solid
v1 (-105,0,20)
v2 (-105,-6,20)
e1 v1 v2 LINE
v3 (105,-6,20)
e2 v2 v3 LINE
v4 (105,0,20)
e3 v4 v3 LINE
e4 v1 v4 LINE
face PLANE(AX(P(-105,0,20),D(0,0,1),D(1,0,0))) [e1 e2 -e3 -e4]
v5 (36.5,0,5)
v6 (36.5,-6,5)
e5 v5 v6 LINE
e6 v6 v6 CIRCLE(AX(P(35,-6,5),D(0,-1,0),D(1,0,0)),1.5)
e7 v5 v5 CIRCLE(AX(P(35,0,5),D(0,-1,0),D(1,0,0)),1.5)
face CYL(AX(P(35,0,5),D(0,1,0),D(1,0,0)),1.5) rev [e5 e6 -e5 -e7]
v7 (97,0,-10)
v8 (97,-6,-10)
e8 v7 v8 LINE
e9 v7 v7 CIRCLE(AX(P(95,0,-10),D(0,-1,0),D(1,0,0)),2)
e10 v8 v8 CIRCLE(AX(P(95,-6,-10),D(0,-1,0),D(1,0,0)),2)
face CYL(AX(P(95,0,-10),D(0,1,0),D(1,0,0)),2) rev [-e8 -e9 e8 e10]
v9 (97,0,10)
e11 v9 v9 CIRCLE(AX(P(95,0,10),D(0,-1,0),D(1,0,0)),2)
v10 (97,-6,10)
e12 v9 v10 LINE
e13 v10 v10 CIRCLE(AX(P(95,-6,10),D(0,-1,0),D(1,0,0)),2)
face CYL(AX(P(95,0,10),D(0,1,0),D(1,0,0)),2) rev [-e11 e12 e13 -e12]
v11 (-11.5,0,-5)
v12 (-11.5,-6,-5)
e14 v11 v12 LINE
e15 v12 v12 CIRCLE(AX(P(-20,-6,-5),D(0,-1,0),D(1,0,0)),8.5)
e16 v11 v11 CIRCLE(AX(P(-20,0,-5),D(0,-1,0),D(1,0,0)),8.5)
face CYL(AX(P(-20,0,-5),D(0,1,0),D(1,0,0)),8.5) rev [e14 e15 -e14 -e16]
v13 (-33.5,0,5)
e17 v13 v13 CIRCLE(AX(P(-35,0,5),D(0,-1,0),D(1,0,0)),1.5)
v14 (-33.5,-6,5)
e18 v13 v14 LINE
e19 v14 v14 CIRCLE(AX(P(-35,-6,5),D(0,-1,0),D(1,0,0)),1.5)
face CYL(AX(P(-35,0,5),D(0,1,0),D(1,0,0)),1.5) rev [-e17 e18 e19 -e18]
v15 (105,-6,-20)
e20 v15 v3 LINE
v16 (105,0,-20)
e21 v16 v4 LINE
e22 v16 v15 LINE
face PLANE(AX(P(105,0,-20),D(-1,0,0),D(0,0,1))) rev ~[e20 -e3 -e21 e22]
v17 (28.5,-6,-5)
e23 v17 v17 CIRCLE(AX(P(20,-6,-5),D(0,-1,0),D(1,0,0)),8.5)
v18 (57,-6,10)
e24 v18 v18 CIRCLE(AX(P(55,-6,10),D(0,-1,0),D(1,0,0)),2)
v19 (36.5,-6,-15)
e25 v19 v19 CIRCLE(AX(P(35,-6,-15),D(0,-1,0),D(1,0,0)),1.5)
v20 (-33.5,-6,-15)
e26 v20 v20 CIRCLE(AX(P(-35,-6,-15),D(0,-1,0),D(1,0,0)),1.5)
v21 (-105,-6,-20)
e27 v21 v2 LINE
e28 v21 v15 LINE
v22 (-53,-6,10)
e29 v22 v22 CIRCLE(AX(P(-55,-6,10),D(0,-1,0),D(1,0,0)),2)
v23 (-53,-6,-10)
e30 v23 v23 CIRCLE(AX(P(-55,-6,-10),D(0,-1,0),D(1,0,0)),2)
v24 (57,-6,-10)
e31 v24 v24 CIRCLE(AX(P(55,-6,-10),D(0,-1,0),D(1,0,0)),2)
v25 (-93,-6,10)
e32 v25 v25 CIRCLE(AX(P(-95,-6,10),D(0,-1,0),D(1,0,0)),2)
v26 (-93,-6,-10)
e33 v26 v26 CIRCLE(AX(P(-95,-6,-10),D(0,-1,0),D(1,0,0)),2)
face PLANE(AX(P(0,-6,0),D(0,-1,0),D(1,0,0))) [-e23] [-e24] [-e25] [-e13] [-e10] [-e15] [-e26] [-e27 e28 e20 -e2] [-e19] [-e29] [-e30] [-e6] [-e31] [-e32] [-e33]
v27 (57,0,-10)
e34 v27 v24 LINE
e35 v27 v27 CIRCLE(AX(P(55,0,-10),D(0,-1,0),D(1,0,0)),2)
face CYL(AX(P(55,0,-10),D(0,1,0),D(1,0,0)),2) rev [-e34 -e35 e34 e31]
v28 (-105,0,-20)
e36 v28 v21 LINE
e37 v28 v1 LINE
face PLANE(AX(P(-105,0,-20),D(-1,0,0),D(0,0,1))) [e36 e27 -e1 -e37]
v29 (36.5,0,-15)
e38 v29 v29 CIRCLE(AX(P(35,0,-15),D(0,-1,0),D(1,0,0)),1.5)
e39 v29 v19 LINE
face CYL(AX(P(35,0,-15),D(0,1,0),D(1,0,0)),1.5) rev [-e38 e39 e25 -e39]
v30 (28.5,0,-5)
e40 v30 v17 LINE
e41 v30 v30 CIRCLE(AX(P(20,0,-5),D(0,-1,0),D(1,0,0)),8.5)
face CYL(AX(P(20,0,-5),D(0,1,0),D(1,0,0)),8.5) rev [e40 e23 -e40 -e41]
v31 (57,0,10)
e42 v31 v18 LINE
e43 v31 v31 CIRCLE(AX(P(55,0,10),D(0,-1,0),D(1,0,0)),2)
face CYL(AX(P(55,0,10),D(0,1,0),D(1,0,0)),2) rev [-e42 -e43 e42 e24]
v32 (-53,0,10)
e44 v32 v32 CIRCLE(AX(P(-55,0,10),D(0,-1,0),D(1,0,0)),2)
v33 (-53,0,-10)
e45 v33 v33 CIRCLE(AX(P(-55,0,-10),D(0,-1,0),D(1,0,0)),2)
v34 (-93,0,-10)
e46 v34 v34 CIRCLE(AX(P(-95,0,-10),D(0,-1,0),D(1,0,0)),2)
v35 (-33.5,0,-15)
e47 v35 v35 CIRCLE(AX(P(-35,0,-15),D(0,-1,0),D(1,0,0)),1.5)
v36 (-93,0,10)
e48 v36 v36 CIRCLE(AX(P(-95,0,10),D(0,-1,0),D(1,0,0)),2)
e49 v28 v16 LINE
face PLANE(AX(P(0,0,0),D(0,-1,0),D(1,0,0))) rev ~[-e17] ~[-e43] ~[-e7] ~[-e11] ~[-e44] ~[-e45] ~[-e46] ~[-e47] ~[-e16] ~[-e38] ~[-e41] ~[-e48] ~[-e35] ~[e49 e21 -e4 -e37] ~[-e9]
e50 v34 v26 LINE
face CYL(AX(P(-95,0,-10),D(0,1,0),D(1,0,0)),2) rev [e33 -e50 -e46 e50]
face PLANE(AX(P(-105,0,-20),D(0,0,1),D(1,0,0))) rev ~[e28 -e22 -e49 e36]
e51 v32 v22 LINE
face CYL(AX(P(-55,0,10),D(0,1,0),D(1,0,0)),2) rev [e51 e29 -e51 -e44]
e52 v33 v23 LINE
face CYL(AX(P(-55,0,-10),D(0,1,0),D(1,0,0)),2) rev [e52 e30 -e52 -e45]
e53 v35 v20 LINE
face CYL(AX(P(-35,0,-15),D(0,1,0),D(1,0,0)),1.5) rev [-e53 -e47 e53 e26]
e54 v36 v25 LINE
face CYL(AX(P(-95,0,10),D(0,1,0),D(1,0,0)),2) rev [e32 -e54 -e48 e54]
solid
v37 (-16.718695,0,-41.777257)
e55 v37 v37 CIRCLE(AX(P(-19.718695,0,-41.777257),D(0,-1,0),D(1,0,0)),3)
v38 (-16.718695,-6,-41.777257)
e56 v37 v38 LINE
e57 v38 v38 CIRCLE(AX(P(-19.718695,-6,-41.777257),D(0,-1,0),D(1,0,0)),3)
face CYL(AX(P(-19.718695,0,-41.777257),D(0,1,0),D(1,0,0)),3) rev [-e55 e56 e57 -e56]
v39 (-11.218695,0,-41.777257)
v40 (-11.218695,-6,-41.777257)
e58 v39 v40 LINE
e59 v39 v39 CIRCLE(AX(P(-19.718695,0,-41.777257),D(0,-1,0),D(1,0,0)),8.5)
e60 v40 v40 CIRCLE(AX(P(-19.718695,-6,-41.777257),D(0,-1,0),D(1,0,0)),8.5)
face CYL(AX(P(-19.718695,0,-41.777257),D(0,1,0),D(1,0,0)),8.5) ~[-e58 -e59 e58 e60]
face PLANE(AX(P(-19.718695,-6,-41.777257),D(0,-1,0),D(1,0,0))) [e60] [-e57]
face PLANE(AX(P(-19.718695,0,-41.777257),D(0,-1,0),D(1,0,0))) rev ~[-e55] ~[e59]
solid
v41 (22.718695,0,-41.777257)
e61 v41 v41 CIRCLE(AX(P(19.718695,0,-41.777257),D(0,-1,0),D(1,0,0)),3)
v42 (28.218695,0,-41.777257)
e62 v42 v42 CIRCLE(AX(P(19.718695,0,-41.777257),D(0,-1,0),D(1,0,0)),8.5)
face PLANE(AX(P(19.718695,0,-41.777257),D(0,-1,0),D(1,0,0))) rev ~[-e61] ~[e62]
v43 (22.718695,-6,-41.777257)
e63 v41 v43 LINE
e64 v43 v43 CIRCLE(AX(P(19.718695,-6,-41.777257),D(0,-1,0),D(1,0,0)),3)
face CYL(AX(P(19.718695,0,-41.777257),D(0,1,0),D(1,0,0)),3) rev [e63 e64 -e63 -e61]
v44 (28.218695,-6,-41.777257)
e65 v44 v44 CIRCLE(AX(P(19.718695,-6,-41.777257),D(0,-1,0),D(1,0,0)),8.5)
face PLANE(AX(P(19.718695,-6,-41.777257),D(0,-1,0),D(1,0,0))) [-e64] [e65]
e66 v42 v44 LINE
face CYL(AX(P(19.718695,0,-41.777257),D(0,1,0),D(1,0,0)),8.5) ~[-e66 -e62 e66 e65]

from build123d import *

# Parameters (mm, degrees)
F0_W     = 210
F0_H     = 40
F0_R     = 1.5
F0_R_2   = 2
F0_R_3   = 8.5
F1_DEPTH = 6
F2_R     = 8.5
F2_R_2   = 3
F3_DEPTH = 6


with BuildPart() as f1:
    # F0 (on Front) → F1 (new body)
    with BuildSketch(Plane.XZ):
        Rectangle(F0_W, F0_H)
        with Locations((-35, -15)):
            Circle(F0_R, mode=Mode.SUBTRACT)
        with Locations((-95, -10)):
            Circle(F0_R_2, mode=Mode.SUBTRACT)
        with Locations((-55, -10)):
            Circle(F0_R_2, mode=Mode.SUBTRACT)
        with Locations((-20, -5)):
            Circle(F0_R_3, mode=Mode.SUBTRACT)
        with Locations((35, -15)):
            Circle(F0_R, mode=Mode.SUBTRACT)
        with Locations((20, -5)):
            Circle(F0_R_3, mode=Mode.SUBTRACT)
        with Locations((55, -10)):
            Circle(F0_R_2, mode=Mode.SUBTRACT)
        with Locations((95, -10)):
            Circle(F0_R_2, mode=Mode.SUBTRACT)
        with Locations((-35, 5)):
            Circle(F0_R, mode=Mode.SUBTRACT)
        with Locations((-95, 10)):
            Circle(F0_R_2, mode=Mode.SUBTRACT)
        with Locations((-55, 10)):
            Circle(F0_R_2, mode=Mode.SUBTRACT)
        with Locations((35, 5)):
            Circle(F0_R, mode=Mode.SUBTRACT)
        with Locations((55, 10)):
            Circle(F0_R_2, mode=Mode.SUBTRACT)
        with Locations((95, 10)):
            Circle(F0_R_2, mode=Mode.SUBTRACT)
    extrude(amount=F1_DEPTH)


with BuildPart() as f3:
    # F2 (on Front) → F3 (new body)
    with BuildSketch(Plane.XZ):
        with Locations((-19.718695, -41.777257)):
            Circle(F2_R)
        with Locations((-19.718695, -41.777257)):
            Circle(F2_R_2, mode=Mode.SUBTRACT)
        with Locations((19.718695, -41.777257)):
            Circle(F2_R)
        with Locations((19.718695, -41.777257)):
            Circle(F2_R_2, mode=Mode.SUBTRACT)
    extrude(amount=F3_DEPTH)


solid = Compound([f1.part, f3.part])
